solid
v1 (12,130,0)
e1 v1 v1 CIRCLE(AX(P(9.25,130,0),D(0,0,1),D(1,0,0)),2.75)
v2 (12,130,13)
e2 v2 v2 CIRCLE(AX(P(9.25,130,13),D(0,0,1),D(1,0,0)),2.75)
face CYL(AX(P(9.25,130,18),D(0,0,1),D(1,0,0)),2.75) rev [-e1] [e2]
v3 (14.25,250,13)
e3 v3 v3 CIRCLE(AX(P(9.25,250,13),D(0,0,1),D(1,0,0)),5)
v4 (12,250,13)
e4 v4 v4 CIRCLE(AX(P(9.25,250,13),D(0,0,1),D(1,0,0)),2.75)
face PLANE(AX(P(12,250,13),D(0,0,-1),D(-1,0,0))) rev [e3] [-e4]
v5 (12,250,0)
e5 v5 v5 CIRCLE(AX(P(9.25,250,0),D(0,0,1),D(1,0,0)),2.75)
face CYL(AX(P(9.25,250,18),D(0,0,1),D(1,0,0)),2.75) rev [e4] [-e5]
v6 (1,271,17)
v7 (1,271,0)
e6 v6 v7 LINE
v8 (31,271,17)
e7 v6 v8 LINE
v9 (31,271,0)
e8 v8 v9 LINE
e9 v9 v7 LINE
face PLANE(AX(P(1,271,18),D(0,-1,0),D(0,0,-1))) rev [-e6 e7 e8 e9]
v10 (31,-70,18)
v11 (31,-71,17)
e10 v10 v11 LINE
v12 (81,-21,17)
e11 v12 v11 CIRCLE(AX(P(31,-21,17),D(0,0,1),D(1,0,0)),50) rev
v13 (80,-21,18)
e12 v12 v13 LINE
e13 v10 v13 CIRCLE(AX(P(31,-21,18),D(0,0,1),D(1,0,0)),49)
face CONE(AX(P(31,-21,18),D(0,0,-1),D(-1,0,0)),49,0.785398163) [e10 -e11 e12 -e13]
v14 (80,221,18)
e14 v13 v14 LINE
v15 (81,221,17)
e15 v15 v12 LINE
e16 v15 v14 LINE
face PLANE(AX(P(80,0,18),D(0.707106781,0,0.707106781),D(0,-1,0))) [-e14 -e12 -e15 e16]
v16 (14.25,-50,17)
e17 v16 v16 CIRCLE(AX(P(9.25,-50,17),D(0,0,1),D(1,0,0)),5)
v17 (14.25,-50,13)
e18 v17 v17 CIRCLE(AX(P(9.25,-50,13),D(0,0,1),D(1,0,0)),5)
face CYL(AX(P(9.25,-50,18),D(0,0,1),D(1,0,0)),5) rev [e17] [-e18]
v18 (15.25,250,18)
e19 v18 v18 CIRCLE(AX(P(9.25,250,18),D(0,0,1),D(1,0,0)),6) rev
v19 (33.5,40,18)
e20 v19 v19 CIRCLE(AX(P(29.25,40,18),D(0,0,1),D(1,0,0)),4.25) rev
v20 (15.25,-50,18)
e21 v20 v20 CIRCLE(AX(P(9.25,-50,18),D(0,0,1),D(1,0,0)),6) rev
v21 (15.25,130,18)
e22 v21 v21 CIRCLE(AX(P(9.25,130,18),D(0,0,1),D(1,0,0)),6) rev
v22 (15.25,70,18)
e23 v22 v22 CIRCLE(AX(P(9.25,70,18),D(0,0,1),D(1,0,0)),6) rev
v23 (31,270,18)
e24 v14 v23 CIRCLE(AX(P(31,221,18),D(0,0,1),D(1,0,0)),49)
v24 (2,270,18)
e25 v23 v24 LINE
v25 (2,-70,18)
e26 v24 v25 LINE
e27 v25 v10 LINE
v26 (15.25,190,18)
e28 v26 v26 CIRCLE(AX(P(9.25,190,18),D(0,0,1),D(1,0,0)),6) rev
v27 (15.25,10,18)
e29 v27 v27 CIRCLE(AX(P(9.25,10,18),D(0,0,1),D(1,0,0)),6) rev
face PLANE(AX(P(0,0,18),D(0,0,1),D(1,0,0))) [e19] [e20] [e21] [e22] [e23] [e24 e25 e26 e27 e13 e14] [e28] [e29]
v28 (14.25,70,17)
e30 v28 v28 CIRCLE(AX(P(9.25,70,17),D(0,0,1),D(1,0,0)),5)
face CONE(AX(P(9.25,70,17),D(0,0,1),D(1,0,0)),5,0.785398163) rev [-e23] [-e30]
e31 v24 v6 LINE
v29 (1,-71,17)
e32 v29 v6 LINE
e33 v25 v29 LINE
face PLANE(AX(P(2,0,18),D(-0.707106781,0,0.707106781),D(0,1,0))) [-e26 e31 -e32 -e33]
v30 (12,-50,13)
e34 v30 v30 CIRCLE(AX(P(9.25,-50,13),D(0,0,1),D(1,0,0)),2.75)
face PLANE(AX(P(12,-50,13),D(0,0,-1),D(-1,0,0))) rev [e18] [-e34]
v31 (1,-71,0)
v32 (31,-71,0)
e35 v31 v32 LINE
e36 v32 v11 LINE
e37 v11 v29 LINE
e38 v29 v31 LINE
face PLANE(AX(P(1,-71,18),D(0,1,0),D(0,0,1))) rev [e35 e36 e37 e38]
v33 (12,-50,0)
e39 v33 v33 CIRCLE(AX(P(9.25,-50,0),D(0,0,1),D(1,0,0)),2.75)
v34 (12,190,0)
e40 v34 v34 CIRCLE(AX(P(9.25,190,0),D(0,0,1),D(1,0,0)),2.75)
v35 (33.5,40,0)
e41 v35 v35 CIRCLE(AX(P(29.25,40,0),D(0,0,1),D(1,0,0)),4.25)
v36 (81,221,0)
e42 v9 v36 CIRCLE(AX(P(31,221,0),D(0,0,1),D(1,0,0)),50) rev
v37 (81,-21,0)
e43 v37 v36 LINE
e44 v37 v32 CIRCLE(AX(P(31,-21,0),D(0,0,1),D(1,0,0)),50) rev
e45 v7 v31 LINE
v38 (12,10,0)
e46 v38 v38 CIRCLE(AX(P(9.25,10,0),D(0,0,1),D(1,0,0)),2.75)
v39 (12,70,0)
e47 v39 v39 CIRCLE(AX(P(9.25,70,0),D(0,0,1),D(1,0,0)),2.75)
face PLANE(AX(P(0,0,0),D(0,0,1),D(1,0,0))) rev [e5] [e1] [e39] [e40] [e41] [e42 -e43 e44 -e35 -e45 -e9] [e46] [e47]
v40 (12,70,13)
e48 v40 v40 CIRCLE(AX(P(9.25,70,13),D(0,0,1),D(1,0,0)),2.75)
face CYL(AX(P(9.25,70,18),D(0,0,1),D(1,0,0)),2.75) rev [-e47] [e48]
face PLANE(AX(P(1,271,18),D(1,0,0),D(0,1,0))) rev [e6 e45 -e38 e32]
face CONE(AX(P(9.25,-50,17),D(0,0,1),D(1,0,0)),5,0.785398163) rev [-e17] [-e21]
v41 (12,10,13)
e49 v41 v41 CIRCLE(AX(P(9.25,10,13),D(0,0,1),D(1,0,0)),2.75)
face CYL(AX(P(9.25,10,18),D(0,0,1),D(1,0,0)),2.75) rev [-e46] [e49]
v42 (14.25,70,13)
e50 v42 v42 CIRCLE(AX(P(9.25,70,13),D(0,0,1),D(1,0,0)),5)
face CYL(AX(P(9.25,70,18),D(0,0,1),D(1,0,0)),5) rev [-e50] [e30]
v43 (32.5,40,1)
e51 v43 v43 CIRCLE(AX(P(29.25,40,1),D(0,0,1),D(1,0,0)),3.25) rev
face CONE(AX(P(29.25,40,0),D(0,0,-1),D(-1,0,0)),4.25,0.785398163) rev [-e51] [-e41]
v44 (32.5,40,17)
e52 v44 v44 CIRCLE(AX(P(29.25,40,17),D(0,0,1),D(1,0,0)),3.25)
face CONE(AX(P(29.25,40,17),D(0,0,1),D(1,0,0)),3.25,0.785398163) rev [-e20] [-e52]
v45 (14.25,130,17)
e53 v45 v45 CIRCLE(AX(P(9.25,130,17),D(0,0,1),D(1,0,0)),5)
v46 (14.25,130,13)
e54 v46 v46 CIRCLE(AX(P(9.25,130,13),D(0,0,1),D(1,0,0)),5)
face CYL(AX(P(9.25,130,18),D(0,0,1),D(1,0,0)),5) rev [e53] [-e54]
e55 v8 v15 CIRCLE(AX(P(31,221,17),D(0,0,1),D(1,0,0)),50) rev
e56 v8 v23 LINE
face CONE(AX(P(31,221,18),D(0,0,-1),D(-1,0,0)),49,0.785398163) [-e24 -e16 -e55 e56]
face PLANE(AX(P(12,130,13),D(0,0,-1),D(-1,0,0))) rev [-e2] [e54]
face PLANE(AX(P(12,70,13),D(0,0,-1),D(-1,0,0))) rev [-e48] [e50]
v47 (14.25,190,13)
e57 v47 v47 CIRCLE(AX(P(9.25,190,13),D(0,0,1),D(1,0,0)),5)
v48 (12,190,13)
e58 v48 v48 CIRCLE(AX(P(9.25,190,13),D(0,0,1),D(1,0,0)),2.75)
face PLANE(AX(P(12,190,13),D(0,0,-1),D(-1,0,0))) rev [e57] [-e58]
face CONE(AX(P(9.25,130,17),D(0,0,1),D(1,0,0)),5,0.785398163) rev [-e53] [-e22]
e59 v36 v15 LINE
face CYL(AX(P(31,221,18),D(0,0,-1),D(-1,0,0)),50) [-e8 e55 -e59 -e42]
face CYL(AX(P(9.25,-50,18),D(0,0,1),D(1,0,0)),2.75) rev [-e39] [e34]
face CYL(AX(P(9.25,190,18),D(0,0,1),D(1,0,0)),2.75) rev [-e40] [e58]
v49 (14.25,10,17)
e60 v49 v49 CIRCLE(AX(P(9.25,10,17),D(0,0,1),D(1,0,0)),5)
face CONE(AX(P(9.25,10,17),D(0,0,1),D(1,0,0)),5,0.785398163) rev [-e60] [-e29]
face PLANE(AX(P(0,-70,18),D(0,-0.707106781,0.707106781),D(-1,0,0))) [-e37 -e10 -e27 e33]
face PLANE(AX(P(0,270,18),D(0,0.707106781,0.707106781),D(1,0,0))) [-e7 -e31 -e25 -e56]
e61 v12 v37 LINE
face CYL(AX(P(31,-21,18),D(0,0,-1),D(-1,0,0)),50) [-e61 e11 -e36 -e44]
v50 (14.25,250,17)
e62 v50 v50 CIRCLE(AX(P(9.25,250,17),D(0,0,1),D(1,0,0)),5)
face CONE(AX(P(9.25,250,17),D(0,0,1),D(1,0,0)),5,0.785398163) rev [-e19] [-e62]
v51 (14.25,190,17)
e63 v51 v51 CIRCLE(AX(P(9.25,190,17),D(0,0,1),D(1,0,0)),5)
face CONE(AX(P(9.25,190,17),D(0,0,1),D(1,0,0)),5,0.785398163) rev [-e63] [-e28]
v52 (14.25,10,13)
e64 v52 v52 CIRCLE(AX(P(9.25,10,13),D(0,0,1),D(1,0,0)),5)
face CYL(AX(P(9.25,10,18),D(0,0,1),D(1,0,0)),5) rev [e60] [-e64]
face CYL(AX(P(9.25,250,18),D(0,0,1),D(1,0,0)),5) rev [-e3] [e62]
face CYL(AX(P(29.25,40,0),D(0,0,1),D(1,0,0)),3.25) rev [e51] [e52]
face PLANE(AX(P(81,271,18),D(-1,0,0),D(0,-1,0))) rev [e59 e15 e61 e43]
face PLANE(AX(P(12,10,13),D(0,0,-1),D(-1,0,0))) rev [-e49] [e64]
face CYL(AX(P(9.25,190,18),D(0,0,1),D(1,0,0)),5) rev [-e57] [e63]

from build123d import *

# Parameters (mm, degrees)
SKETCH1_W                      = 80
SKETCH1_H                      = 342
BOSS_EXTRUDE1_DEPTH            = 18
FILLET1_R                      = 50
CBORE_FOR_M5_SHCS1_D           = 5.5
CBORE_FOR_M5_SHCS1_DEPTH       = 28.347633298
CBORE_FOR_M5_SHCS1_CBORE_D     = 10
CBORE_FOR_M5_SHCS1_CBORE_DEPTH = 5
CBORE_FOR_M5_SHCS1_TIP         = 1.652366702
CHAMFER1_SIZE                  = 1
SKETCH5_R                      = 3.25
CUT_EXTRUDE1_DEPTH             = 284.418418597
CHAMFER2_SIZE                  = 1


with BuildPart() as part:
    # Sketch1 → Boss-Extrude1 (new body)
    with BuildSketch(Plane.XY):
        with Locations((41, 100)):
            Rectangle(SKETCH1_W, SKETCH1_H)
    extrude(amount=BOSS_EXTRUDE1_DEPTH)

    # Fillet1
    fillet1_edges = [part.edges().sort_by_distance(p)[0] for p in [
        (81, 271, 9),
        (81, -71, 9),
    ]]
    fillet(fillet1_edges, radius=FILLET1_R)

    # CBORE for M5 SHCS1
    with Locations(Plane.XY.offset(18)):
        with Locations((9.25, 250), (9.25, 190), (9.25, 130), (9.25, 70), (9.25, 10), (9.25, -50)):
            CounterBoreHole(CBORE_FOR_M5_SHCS1_D / 2, CBORE_FOR_M5_SHCS1_CBORE_D / 2, CBORE_FOR_M5_SHCS1_CBORE_DEPTH, depth=CBORE_FOR_M5_SHCS1_DEPTH)
            with Locations((0, 0, -(CBORE_FOR_M5_SHCS1_DEPTH + CBORE_FOR_M5_SHCS1_TIP / 2))):  # 118° drill point
                Cone(0, CBORE_FOR_M5_SHCS1_D / 2, CBORE_FOR_M5_SHCS1_TIP, mode=Mode.SUBTRACT)

    # Chamfer1
    chamfer1_edges = [part.edges().sort_by_distance(p)[0] for p in [
        (16, 271, 18),
        (81, 100, 18),
        (66.355339059, -56.355339059, 18),
        (66.355339059, 256.355339059, 18),
        (4.25, -50, 18),
        (4.25, 10, 18),
        (4.25, 70, 18),
        (1, 100, 18),
        (4.25, 130, 18),
        (4.25, 190, 18),
        (4.25, 250, 18),
        (16, -71, 18),
    ]]
    chamfer(chamfer1_edges, length=CHAMFER1_SIZE)

    # Sketch5 → Cut-Extrude1 (cut, through all)
    with BuildSketch(Plane.XY.offset(18)):
        with Locations((29.25, 40)):
            Circle(SKETCH5_R)
    extrude(amount=-CUT_EXTRUDE1_DEPTH, mode=Mode.SUBTRACT)

    # Chamfer2
    chamfer2_edges = [part.edges().sort_by_distance(p)[0] for p in [
        (26, 40, 0),
        (26, 40, 18),
    ]]
    chamfer(chamfer2_edges, length=CHAMFER2_SIZE)


solid = part.part
